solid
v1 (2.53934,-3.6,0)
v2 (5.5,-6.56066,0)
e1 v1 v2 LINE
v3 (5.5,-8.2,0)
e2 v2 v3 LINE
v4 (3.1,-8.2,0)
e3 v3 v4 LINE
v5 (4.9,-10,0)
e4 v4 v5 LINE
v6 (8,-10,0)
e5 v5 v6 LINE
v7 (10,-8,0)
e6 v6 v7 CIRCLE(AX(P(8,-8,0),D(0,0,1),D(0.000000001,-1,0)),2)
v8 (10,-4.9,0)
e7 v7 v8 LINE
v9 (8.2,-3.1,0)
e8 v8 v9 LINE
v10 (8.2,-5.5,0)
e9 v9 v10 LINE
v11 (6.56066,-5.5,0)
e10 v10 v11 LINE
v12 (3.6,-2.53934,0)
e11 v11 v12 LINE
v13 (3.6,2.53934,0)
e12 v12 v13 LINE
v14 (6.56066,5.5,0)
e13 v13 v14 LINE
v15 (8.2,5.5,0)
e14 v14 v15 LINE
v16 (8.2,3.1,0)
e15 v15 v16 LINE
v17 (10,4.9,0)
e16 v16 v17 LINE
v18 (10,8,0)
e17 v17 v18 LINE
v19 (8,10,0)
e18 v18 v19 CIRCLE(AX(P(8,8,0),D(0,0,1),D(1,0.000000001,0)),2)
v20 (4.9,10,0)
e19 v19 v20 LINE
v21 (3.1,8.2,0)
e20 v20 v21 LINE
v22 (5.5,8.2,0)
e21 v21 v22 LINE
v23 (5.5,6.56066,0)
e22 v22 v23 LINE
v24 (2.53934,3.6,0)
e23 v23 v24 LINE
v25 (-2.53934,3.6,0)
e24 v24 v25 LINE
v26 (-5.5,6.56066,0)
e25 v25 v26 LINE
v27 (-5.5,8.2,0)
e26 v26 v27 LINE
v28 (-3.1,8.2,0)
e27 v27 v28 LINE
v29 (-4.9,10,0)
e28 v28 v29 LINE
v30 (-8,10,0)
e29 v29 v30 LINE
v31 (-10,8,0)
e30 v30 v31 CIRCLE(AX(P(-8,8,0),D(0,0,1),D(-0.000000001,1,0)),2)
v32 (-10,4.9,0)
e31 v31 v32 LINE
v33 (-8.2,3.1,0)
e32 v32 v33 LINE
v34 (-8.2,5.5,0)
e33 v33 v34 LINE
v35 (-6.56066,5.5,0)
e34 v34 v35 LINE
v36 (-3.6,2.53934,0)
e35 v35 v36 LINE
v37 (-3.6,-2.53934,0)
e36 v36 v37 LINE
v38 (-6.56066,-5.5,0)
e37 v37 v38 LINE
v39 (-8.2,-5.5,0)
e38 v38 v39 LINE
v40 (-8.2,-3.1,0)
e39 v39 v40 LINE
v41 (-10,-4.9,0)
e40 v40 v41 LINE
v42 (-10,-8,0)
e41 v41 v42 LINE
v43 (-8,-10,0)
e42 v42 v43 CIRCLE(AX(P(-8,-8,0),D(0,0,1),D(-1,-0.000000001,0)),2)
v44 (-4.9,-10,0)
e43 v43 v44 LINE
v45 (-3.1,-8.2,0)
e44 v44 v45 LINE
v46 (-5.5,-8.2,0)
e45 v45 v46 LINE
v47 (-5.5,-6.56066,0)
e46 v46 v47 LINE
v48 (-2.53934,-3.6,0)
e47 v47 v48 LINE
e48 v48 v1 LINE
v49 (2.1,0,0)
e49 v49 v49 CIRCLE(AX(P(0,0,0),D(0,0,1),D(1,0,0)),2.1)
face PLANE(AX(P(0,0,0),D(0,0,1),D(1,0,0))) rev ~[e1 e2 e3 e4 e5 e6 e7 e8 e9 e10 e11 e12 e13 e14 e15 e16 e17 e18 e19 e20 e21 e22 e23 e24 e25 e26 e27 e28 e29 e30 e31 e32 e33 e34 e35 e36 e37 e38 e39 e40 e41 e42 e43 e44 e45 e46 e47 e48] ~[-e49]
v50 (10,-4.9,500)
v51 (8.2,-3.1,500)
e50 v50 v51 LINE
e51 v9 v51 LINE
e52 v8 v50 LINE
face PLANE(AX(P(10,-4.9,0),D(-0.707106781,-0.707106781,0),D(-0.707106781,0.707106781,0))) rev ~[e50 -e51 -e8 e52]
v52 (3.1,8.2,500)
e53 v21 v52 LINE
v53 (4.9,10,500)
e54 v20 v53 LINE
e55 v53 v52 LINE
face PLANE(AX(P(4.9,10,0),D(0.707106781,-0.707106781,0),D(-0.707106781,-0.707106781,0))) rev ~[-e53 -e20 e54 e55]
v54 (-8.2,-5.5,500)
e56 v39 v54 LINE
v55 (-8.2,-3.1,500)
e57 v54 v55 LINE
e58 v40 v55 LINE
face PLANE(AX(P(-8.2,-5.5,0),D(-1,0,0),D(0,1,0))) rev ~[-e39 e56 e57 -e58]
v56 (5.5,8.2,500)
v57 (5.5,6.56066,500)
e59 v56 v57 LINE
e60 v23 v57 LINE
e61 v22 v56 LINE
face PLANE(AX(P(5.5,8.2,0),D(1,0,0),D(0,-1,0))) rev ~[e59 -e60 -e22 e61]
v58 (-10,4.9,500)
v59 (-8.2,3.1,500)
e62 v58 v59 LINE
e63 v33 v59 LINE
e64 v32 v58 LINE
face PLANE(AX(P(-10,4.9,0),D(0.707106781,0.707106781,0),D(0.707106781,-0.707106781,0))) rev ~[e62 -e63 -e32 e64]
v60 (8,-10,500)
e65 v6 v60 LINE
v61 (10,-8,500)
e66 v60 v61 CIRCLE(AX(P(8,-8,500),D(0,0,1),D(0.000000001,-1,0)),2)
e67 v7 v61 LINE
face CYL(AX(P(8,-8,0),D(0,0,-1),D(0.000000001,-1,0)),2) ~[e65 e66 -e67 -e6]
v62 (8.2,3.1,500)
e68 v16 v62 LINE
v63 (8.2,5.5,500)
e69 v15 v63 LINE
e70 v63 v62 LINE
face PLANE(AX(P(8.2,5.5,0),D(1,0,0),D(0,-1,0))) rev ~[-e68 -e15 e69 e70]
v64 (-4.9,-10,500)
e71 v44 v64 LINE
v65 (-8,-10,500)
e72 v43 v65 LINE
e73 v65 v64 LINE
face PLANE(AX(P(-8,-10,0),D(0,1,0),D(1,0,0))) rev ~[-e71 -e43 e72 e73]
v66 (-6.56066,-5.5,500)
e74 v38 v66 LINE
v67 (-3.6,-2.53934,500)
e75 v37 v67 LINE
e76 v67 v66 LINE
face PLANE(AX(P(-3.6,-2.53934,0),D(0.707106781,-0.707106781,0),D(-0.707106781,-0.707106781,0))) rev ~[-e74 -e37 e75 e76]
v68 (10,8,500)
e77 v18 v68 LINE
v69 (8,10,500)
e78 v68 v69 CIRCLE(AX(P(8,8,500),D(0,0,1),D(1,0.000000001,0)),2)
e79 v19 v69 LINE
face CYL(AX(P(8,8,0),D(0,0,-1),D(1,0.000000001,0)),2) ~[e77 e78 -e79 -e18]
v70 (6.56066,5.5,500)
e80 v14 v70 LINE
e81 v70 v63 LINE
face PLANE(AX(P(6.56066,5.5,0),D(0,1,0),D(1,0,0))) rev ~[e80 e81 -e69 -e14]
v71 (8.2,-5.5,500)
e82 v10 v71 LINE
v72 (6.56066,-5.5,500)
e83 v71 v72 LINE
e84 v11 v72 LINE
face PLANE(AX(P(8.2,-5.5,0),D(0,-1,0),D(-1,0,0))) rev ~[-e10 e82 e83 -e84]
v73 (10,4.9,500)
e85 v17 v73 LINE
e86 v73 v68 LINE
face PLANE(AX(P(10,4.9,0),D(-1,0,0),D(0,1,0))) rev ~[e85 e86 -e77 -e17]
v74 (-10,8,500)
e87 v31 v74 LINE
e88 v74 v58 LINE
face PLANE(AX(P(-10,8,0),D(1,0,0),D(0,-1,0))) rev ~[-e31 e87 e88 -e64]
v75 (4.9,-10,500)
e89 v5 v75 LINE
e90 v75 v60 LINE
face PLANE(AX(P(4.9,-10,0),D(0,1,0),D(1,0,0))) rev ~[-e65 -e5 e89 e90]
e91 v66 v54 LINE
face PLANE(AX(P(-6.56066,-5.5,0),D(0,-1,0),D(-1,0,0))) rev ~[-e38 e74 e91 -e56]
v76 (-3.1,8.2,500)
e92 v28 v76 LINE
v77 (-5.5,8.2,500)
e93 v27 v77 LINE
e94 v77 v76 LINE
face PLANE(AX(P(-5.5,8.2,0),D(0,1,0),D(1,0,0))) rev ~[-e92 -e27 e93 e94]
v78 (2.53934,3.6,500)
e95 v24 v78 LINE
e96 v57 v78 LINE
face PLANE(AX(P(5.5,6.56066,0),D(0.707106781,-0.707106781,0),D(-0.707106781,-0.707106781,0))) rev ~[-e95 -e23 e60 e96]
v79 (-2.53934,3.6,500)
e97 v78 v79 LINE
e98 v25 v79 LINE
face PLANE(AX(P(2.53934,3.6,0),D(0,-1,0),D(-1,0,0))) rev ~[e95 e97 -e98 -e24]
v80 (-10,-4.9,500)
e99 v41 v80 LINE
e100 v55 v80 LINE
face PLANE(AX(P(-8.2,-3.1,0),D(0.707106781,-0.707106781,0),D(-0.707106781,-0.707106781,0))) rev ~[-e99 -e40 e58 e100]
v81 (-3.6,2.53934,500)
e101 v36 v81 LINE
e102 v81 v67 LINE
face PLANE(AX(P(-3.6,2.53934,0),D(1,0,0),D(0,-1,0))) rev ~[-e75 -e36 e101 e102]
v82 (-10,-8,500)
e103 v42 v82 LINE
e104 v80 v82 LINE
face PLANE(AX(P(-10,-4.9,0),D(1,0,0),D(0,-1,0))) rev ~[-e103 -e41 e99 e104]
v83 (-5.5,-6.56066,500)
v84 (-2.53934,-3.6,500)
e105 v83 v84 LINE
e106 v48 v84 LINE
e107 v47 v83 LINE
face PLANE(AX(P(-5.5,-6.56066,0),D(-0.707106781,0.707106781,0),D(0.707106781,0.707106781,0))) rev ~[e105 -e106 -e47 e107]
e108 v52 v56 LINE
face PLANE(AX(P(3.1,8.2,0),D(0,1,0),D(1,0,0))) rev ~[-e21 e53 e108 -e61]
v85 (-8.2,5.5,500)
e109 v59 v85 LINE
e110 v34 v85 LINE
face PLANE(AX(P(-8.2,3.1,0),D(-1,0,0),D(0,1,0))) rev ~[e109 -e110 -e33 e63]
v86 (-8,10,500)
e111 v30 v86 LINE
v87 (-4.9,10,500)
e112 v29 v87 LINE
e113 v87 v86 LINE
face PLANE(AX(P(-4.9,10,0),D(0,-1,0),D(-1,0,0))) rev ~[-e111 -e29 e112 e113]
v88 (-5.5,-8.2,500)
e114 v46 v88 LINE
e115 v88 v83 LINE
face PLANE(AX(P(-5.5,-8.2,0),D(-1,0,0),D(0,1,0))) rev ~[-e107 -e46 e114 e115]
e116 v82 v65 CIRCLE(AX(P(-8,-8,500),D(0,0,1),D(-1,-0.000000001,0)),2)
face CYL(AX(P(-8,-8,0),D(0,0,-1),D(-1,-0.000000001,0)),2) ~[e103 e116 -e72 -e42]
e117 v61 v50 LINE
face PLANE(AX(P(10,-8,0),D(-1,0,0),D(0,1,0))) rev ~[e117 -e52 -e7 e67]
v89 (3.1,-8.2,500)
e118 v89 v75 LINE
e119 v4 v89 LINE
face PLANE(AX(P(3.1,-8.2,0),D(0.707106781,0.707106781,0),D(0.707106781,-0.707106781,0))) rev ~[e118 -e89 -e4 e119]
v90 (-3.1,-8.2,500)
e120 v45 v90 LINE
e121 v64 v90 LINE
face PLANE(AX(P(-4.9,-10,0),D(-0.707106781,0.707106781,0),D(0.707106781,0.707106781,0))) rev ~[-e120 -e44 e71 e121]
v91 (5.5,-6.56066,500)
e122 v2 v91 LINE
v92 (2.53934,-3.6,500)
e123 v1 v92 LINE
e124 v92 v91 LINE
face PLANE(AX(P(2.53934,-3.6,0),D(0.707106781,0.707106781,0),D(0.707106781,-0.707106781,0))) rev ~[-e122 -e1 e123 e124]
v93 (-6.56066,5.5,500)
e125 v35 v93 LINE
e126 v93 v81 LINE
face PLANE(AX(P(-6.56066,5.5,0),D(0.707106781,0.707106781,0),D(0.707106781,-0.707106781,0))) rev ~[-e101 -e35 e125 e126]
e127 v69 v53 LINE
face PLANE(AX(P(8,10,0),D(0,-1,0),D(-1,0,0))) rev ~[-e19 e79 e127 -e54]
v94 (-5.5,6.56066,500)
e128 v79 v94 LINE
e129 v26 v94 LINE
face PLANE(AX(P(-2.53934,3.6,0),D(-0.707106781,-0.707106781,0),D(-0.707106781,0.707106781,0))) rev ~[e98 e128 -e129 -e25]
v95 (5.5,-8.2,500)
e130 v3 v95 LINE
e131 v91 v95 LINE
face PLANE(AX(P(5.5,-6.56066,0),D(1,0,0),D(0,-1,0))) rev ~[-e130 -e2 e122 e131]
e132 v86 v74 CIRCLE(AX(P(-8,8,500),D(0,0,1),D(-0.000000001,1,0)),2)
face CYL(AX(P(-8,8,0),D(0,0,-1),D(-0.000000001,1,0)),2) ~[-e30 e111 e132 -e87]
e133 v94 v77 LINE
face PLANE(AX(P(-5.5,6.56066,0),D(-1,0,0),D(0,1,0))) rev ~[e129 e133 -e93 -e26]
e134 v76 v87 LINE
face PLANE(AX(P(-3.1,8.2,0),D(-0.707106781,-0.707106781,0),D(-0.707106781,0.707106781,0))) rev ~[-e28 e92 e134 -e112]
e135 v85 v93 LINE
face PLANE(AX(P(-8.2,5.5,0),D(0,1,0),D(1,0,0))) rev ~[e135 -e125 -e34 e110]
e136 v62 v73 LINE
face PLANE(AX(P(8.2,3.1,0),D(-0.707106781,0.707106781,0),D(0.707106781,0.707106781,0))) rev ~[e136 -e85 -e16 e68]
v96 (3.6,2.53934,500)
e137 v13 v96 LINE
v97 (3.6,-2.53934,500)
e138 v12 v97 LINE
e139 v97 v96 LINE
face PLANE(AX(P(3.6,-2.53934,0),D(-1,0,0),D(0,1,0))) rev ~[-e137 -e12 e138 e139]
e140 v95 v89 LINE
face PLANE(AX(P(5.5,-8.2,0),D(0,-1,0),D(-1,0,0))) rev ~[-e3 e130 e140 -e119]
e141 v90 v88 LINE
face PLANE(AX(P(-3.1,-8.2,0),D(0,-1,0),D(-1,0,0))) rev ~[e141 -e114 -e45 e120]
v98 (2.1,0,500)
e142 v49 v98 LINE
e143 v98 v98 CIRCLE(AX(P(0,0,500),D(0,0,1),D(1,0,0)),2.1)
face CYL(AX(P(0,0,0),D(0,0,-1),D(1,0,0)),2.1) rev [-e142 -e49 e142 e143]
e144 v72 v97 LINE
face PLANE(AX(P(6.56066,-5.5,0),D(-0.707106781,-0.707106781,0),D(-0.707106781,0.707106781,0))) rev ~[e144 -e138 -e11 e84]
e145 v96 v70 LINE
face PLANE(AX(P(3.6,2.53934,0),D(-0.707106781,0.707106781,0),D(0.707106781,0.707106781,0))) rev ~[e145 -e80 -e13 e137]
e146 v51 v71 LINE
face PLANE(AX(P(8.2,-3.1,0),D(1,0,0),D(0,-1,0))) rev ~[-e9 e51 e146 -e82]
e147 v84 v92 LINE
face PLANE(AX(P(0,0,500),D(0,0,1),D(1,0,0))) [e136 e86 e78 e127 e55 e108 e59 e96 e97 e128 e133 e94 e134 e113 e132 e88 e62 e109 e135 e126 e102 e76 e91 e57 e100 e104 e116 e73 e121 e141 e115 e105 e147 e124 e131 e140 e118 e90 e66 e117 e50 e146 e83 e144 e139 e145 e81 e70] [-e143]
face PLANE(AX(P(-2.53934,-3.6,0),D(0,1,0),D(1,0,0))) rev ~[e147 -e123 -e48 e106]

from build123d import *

# Parameters (mm, degrees)
SKETCH1_R           = 2.1
BOSS_EXTRUDE1_DEPTH = 500


with BuildPart() as part:
    # Sketch1 → Boss-Extrude1 (new body)
    with BuildSketch(Plane.XY):
        with BuildLine():
            Line((-4.9, -10), (-3.1, -8.2))
            Line((-3.1, -8.2), (-5.5, -8.2))
            Line((-5.5, -8.2), (-5.5, -6.560660172))
            Line((-5.5, -6.560660172), (-2.539339828, -3.6))
            Line((-2.539339828, -3.6), (2.539339828, -3.6))
            Line((2.539339828, -3.6), (5.5, -6.560660172))
            Line((5.5, -6.560660172), (5.5, -8.2))
            Line((5.5, -8.2), (3.1, -8.2))
            Line((3.1, -8.2), (4.9, -10))
            Line((4.9, -10), (8, -10))
            ThreePointArc((8, -10), (9.414213562, -9.414213562), (10, -8))
            Line((10, -8), (10, -4.9))
            Line((10, -4.9), (8.2, -3.1))
            Line((8.2, -3.1), (8.2, -5.5))
            Line((8.2, -5.5), (6.560660172, -5.5))
            Line((6.560660172, -5.5), (3.6, -2.539339828))
            Line((3.6, -2.539339828), (3.6, 2.539339828))
            Line((3.6, 2.539339828), (6.560660172, 5.5))
            Line((6.560660172, 5.5), (8.2, 5.5))
            Line((8.2, 5.5), (8.2, 3.1))
            Line((8.2, 3.1), (10, 4.9))
            Line((10, 4.9), (10, 8))
            ThreePointArc((10, 8), (9.414213562, 9.414213562), (8, 10))
            Line((8, 10), (4.9, 10))
            Line((4.9, 10), (3.1, 8.2))
            Line((3.1, 8.2), (5.5, 8.2))
            Line((5.5, 8.2), (5.5, 6.560660172))
            Line((5.5, 6.560660172), (2.539339828, 3.6))
            Line((2.539339828, 3.6), (-2.539339828, 3.6))
            Line((-2.539339828, 3.6), (-5.5, 6.560660172))
            Line((-5.5, 6.560660172), (-5.5, 8.2))
            Line((-5.5, 8.2), (-3.1, 8.2))
            Line((-3.1, 8.2), (-4.9, 10))
            Line((-4.9, 10), (-8, 10))
            ThreePointArc((-8, 10), (-9.414213562, 9.414213562), (-10, 8))
            Line((-10, 8), (-10, 4.9))
            Line((-10, 4.9), (-8.2, 3.1))
            Line((-8.2, 3.1), (-8.2, 5.5))
            Line((-8.2, 5.5), (-6.560660172, 5.5))
            Line((-6.560660172, 5.5), (-3.6, 2.539339828))
            Line((-3.6, 2.539339828), (-3.6, -2.539339828))
            Line((-3.6, -2.539339828), (-6.560660172, -5.5))
            Line((-6.560660172, -5.5), (-8.2, -5.5))
            Line((-8.2, -5.5), (-8.2, -3.1))
            Line((-8.2, -3.1), (-10, -4.9))
            Line((-10, -4.9), (-10, -8))
            ThreePointArc((-10, -8), (-9.414213562, -9.414213562), (-8, -10))
            Line((-8, -10), (-4.9, -10))
        make_face()
        Circle(SKETCH1_R, mode=Mode.SUBTRACT)
    extrude(amount=BOSS_EXTRUDE1_DEPTH)


solid = part.part
